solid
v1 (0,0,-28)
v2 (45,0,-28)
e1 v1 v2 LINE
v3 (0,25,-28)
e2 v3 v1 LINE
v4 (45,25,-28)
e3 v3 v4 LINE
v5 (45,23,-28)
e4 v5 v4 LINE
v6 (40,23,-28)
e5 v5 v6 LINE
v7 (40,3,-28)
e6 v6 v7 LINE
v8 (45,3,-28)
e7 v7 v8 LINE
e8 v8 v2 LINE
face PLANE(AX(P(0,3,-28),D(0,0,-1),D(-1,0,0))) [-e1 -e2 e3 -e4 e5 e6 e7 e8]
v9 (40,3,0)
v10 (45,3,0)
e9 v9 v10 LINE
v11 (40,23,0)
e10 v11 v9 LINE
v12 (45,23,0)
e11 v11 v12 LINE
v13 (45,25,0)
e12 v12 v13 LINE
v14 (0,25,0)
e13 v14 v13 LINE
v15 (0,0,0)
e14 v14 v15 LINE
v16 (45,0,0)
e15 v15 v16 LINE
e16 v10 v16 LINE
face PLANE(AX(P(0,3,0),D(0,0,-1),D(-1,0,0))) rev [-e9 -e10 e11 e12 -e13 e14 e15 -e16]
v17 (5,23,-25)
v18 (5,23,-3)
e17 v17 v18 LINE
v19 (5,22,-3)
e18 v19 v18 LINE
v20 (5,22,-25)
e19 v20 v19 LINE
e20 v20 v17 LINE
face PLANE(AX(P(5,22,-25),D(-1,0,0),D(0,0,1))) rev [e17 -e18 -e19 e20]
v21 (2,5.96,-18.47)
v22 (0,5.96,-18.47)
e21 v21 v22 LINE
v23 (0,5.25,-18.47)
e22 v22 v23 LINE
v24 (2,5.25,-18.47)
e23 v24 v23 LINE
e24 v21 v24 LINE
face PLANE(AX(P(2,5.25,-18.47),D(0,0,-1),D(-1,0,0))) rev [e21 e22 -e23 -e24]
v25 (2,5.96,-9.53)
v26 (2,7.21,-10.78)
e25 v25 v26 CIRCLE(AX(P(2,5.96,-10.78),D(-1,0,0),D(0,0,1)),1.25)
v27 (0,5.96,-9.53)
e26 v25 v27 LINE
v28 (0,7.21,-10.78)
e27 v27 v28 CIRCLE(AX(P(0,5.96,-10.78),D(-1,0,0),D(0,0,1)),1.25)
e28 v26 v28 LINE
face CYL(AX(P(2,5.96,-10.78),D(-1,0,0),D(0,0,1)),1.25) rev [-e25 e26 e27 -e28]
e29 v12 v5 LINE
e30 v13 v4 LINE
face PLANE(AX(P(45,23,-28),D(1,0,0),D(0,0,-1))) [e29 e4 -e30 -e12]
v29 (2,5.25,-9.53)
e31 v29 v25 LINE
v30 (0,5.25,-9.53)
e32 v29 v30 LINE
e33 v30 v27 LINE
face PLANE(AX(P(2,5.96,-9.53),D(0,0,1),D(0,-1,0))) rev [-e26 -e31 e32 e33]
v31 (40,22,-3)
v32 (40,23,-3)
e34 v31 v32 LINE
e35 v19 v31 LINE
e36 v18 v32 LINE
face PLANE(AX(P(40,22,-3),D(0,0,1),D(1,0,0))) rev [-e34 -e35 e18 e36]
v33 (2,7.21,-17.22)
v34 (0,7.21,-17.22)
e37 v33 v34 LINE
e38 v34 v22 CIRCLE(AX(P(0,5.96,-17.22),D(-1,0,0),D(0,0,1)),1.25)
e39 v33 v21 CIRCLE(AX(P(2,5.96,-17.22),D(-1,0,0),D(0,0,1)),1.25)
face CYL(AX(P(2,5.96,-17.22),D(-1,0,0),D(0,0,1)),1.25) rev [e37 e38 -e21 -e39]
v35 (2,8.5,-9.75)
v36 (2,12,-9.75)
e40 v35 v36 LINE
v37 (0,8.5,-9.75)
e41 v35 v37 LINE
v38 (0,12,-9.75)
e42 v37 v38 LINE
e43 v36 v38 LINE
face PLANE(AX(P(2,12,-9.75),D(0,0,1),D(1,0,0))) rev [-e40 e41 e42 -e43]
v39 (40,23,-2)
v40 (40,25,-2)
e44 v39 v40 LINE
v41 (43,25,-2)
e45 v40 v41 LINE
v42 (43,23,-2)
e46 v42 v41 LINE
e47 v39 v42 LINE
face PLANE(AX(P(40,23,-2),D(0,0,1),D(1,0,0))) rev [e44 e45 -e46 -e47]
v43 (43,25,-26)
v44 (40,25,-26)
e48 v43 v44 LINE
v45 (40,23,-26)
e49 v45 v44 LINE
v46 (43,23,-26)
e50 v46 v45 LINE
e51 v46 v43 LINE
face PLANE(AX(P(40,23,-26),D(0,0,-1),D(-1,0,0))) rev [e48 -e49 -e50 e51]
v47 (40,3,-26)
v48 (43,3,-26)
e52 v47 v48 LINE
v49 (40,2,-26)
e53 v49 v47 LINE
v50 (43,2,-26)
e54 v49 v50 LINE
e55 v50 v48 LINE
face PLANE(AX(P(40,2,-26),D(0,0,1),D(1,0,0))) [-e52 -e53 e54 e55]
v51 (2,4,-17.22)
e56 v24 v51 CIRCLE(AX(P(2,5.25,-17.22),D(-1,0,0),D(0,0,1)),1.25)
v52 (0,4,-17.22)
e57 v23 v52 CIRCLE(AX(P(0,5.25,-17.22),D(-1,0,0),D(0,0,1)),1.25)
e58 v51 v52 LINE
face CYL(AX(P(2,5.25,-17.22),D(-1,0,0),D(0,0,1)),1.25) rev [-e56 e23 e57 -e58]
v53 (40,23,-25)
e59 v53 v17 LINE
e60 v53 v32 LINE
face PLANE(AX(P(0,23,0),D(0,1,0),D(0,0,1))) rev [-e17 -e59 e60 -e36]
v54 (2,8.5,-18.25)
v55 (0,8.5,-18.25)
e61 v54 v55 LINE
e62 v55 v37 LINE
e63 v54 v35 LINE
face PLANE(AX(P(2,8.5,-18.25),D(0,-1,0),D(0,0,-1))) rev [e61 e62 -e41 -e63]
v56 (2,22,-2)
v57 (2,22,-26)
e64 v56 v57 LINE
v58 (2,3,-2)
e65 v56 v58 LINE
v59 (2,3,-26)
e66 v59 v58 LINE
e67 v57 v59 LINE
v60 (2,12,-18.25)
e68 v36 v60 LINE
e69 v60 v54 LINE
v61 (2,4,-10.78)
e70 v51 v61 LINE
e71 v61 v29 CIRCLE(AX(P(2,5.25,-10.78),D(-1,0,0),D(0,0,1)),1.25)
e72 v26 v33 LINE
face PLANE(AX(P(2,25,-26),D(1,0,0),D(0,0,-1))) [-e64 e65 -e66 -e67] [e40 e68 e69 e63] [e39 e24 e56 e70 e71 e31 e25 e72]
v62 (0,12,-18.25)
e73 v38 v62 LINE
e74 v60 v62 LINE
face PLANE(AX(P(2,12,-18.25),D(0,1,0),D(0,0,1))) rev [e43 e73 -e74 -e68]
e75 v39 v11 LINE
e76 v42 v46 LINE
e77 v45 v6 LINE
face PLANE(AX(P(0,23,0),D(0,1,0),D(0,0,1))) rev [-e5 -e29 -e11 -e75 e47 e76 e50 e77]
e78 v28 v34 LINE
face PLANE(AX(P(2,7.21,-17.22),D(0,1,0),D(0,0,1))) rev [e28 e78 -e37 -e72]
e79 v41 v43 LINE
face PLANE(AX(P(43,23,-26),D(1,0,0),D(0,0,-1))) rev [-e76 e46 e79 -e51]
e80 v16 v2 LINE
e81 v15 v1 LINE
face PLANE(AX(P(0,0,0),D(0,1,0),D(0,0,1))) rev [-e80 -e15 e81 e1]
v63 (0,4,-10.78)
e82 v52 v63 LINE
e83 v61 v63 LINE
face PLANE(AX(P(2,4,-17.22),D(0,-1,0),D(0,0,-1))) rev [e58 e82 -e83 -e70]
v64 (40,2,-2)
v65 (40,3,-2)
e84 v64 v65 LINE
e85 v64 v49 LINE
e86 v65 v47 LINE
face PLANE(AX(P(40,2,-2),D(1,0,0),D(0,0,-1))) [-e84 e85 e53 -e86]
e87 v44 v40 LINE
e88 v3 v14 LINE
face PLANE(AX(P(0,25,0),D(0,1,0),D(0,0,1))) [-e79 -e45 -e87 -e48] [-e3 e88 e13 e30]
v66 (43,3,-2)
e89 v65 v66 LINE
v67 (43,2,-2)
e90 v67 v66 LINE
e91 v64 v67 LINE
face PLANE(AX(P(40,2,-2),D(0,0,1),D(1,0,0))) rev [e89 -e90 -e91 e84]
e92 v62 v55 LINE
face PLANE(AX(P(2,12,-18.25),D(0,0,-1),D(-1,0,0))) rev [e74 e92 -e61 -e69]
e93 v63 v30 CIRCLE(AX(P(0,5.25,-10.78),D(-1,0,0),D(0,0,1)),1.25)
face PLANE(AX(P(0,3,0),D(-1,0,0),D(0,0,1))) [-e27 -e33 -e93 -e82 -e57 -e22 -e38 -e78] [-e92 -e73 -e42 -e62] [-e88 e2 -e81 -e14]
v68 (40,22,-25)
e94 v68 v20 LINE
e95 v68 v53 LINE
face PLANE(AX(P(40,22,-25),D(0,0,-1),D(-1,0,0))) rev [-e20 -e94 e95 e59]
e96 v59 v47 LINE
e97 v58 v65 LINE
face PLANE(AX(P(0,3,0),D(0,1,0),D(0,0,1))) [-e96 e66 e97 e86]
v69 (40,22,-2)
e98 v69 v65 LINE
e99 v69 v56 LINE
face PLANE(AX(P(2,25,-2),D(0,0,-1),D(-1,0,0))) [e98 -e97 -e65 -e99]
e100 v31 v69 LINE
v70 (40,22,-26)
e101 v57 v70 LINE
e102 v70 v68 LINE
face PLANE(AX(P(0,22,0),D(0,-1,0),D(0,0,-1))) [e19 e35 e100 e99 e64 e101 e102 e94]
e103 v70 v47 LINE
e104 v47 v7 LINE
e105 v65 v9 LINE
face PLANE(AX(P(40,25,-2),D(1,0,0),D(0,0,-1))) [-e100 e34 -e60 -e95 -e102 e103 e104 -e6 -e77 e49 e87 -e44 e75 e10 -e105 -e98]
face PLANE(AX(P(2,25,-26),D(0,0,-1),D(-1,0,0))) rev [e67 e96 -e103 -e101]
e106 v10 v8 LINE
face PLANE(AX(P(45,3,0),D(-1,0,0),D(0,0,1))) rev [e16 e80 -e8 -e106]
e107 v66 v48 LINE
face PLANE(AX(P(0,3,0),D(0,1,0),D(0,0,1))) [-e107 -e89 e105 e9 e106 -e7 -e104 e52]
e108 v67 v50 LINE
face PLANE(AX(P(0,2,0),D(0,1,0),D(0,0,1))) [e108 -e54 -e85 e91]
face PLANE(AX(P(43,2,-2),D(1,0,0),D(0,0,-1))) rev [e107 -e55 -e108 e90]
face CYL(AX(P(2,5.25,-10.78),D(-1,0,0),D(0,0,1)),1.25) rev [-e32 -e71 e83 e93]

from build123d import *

# Parameters (mm, degrees)
SKETCH1_W           = 45
SKETCH1_H           = 28
BOSS_EXTRUDE1_DEPTH = 3
BOSS_EXTRUDE2_DEPTH = 22
SKETCH4_W           = 45
SKETCH4_H           = 28
SKETCH4_W_2         = 3
SKETCH4_H_2         = 24
BOSS_EXTRUDE4_DEPTH = 2
SKETCH5_W           = 8.5
SKETCH5_H           = 3.5
CUT_EXTRUDE1_DEPTH  = 2
BOSS_EXTRUDE6_DEPTH = 1
SKETCH8_W           = 3
SKETCH8_H           = 24
CUT_EXTRUDE2_DEPTH  = 1


with BuildPart() as part:
    # Sketch1 → Boss-Extrude1 (new body)
    with BuildSketch(Plane(origin=(0, 0, 0), x_dir=(1, 0, 0), z_dir=(0, 1, 0))):
        with Locations((22.5, 14)):
            Rectangle(SKETCH1_W, SKETCH1_H)
    extrude(amount=BOSS_EXTRUDE1_DEPTH)

    # Sketch2 → Boss-Extrude2 (add)
    with BuildSketch(Plane(origin=(0, 3, 0), x_dir=(1, 0, 0), z_dir=(0, 1, 0))):
        Polygon((40, 26), (40, 28), (0, 28), (0, 0), (40, 0), (40, 2), (2, 2), (2, 26), align=None)
    extrude(amount=BOSS_EXTRUDE2_DEPTH)

    # Sketch4 → Boss-Extrude4 (add)
    with BuildSketch(Plane(origin=(0, 25, 0), x_dir=(1, 0, 0), z_dir=(0, 1, 0))):
        with Locations((22.5, 14)):
            Rectangle(SKETCH4_W, SKETCH4_H)
        with Locations((41.5, 14)):
            Rectangle(SKETCH4_W_2, SKETCH4_H_2, mode=Mode.SUBTRACT)
    extrude(amount=-BOSS_EXTRUDE4_DEPTH)

    # Sketch5 → Cut-Extrude1 (cut)
    with BuildSketch(Plane.ZY):
        with BuildLine():
            Line((-18.47, 5.25), (-18.47, 5.96))
            ThreePointArc((-18.47, 5.96), (-18.103883476, 6.843883476), (-17.22, 7.21))
            Line((-17.22, 7.21), (-10.78, 7.21))
            ThreePointArc((-10.78, 7.21), (-9.896116524, 6.843883476), (-9.53, 5.96))
            Line((-9.53, 5.96), (-9.53, 5.25))
            ThreePointArc((-9.53, 5.25), (-9.896116524, 4.366116524), (-10.78, 4))
            Line((-10.78, 4), (-17.22, 4))
            ThreePointArc((-17.22, 4), (-18.103883476, 4.366116524), (-18.47, 5.25))
        make_face()
        with Locations((-14, 10.25)):
            Rectangle(SKETCH5_W, SKETCH5_H)
    extrude(amount=-CUT_EXTRUDE1_DEPTH, mode=Mode.SUBTRACT)

    # Sketch7 → Boss-Extrude6 (add)
    with BuildSketch(Plane.XZ.offset(-23)):
        Polygon((40, -25), (5, -25), (5, -3), (40, -3), (40, -2), (2, -2), (2, -26), (40, -26), align=None)
    extrude(amount=BOSS_EXTRUDE6_DEPTH)

    # Sketch8 → Cut-Extrude2 (cut)
    with BuildSketch(Plane(origin=(0, 3, 0), x_dir=(1, 0, 0), z_dir=(0, 1, 0))):
        with Locations((41.5, 14)):
            Rectangle(SKETCH8_W, SKETCH8_H)
    extrude(amount=-CUT_EXTRUDE2_DEPTH, mode=Mode.SUBTRACT)


solid = part.part
